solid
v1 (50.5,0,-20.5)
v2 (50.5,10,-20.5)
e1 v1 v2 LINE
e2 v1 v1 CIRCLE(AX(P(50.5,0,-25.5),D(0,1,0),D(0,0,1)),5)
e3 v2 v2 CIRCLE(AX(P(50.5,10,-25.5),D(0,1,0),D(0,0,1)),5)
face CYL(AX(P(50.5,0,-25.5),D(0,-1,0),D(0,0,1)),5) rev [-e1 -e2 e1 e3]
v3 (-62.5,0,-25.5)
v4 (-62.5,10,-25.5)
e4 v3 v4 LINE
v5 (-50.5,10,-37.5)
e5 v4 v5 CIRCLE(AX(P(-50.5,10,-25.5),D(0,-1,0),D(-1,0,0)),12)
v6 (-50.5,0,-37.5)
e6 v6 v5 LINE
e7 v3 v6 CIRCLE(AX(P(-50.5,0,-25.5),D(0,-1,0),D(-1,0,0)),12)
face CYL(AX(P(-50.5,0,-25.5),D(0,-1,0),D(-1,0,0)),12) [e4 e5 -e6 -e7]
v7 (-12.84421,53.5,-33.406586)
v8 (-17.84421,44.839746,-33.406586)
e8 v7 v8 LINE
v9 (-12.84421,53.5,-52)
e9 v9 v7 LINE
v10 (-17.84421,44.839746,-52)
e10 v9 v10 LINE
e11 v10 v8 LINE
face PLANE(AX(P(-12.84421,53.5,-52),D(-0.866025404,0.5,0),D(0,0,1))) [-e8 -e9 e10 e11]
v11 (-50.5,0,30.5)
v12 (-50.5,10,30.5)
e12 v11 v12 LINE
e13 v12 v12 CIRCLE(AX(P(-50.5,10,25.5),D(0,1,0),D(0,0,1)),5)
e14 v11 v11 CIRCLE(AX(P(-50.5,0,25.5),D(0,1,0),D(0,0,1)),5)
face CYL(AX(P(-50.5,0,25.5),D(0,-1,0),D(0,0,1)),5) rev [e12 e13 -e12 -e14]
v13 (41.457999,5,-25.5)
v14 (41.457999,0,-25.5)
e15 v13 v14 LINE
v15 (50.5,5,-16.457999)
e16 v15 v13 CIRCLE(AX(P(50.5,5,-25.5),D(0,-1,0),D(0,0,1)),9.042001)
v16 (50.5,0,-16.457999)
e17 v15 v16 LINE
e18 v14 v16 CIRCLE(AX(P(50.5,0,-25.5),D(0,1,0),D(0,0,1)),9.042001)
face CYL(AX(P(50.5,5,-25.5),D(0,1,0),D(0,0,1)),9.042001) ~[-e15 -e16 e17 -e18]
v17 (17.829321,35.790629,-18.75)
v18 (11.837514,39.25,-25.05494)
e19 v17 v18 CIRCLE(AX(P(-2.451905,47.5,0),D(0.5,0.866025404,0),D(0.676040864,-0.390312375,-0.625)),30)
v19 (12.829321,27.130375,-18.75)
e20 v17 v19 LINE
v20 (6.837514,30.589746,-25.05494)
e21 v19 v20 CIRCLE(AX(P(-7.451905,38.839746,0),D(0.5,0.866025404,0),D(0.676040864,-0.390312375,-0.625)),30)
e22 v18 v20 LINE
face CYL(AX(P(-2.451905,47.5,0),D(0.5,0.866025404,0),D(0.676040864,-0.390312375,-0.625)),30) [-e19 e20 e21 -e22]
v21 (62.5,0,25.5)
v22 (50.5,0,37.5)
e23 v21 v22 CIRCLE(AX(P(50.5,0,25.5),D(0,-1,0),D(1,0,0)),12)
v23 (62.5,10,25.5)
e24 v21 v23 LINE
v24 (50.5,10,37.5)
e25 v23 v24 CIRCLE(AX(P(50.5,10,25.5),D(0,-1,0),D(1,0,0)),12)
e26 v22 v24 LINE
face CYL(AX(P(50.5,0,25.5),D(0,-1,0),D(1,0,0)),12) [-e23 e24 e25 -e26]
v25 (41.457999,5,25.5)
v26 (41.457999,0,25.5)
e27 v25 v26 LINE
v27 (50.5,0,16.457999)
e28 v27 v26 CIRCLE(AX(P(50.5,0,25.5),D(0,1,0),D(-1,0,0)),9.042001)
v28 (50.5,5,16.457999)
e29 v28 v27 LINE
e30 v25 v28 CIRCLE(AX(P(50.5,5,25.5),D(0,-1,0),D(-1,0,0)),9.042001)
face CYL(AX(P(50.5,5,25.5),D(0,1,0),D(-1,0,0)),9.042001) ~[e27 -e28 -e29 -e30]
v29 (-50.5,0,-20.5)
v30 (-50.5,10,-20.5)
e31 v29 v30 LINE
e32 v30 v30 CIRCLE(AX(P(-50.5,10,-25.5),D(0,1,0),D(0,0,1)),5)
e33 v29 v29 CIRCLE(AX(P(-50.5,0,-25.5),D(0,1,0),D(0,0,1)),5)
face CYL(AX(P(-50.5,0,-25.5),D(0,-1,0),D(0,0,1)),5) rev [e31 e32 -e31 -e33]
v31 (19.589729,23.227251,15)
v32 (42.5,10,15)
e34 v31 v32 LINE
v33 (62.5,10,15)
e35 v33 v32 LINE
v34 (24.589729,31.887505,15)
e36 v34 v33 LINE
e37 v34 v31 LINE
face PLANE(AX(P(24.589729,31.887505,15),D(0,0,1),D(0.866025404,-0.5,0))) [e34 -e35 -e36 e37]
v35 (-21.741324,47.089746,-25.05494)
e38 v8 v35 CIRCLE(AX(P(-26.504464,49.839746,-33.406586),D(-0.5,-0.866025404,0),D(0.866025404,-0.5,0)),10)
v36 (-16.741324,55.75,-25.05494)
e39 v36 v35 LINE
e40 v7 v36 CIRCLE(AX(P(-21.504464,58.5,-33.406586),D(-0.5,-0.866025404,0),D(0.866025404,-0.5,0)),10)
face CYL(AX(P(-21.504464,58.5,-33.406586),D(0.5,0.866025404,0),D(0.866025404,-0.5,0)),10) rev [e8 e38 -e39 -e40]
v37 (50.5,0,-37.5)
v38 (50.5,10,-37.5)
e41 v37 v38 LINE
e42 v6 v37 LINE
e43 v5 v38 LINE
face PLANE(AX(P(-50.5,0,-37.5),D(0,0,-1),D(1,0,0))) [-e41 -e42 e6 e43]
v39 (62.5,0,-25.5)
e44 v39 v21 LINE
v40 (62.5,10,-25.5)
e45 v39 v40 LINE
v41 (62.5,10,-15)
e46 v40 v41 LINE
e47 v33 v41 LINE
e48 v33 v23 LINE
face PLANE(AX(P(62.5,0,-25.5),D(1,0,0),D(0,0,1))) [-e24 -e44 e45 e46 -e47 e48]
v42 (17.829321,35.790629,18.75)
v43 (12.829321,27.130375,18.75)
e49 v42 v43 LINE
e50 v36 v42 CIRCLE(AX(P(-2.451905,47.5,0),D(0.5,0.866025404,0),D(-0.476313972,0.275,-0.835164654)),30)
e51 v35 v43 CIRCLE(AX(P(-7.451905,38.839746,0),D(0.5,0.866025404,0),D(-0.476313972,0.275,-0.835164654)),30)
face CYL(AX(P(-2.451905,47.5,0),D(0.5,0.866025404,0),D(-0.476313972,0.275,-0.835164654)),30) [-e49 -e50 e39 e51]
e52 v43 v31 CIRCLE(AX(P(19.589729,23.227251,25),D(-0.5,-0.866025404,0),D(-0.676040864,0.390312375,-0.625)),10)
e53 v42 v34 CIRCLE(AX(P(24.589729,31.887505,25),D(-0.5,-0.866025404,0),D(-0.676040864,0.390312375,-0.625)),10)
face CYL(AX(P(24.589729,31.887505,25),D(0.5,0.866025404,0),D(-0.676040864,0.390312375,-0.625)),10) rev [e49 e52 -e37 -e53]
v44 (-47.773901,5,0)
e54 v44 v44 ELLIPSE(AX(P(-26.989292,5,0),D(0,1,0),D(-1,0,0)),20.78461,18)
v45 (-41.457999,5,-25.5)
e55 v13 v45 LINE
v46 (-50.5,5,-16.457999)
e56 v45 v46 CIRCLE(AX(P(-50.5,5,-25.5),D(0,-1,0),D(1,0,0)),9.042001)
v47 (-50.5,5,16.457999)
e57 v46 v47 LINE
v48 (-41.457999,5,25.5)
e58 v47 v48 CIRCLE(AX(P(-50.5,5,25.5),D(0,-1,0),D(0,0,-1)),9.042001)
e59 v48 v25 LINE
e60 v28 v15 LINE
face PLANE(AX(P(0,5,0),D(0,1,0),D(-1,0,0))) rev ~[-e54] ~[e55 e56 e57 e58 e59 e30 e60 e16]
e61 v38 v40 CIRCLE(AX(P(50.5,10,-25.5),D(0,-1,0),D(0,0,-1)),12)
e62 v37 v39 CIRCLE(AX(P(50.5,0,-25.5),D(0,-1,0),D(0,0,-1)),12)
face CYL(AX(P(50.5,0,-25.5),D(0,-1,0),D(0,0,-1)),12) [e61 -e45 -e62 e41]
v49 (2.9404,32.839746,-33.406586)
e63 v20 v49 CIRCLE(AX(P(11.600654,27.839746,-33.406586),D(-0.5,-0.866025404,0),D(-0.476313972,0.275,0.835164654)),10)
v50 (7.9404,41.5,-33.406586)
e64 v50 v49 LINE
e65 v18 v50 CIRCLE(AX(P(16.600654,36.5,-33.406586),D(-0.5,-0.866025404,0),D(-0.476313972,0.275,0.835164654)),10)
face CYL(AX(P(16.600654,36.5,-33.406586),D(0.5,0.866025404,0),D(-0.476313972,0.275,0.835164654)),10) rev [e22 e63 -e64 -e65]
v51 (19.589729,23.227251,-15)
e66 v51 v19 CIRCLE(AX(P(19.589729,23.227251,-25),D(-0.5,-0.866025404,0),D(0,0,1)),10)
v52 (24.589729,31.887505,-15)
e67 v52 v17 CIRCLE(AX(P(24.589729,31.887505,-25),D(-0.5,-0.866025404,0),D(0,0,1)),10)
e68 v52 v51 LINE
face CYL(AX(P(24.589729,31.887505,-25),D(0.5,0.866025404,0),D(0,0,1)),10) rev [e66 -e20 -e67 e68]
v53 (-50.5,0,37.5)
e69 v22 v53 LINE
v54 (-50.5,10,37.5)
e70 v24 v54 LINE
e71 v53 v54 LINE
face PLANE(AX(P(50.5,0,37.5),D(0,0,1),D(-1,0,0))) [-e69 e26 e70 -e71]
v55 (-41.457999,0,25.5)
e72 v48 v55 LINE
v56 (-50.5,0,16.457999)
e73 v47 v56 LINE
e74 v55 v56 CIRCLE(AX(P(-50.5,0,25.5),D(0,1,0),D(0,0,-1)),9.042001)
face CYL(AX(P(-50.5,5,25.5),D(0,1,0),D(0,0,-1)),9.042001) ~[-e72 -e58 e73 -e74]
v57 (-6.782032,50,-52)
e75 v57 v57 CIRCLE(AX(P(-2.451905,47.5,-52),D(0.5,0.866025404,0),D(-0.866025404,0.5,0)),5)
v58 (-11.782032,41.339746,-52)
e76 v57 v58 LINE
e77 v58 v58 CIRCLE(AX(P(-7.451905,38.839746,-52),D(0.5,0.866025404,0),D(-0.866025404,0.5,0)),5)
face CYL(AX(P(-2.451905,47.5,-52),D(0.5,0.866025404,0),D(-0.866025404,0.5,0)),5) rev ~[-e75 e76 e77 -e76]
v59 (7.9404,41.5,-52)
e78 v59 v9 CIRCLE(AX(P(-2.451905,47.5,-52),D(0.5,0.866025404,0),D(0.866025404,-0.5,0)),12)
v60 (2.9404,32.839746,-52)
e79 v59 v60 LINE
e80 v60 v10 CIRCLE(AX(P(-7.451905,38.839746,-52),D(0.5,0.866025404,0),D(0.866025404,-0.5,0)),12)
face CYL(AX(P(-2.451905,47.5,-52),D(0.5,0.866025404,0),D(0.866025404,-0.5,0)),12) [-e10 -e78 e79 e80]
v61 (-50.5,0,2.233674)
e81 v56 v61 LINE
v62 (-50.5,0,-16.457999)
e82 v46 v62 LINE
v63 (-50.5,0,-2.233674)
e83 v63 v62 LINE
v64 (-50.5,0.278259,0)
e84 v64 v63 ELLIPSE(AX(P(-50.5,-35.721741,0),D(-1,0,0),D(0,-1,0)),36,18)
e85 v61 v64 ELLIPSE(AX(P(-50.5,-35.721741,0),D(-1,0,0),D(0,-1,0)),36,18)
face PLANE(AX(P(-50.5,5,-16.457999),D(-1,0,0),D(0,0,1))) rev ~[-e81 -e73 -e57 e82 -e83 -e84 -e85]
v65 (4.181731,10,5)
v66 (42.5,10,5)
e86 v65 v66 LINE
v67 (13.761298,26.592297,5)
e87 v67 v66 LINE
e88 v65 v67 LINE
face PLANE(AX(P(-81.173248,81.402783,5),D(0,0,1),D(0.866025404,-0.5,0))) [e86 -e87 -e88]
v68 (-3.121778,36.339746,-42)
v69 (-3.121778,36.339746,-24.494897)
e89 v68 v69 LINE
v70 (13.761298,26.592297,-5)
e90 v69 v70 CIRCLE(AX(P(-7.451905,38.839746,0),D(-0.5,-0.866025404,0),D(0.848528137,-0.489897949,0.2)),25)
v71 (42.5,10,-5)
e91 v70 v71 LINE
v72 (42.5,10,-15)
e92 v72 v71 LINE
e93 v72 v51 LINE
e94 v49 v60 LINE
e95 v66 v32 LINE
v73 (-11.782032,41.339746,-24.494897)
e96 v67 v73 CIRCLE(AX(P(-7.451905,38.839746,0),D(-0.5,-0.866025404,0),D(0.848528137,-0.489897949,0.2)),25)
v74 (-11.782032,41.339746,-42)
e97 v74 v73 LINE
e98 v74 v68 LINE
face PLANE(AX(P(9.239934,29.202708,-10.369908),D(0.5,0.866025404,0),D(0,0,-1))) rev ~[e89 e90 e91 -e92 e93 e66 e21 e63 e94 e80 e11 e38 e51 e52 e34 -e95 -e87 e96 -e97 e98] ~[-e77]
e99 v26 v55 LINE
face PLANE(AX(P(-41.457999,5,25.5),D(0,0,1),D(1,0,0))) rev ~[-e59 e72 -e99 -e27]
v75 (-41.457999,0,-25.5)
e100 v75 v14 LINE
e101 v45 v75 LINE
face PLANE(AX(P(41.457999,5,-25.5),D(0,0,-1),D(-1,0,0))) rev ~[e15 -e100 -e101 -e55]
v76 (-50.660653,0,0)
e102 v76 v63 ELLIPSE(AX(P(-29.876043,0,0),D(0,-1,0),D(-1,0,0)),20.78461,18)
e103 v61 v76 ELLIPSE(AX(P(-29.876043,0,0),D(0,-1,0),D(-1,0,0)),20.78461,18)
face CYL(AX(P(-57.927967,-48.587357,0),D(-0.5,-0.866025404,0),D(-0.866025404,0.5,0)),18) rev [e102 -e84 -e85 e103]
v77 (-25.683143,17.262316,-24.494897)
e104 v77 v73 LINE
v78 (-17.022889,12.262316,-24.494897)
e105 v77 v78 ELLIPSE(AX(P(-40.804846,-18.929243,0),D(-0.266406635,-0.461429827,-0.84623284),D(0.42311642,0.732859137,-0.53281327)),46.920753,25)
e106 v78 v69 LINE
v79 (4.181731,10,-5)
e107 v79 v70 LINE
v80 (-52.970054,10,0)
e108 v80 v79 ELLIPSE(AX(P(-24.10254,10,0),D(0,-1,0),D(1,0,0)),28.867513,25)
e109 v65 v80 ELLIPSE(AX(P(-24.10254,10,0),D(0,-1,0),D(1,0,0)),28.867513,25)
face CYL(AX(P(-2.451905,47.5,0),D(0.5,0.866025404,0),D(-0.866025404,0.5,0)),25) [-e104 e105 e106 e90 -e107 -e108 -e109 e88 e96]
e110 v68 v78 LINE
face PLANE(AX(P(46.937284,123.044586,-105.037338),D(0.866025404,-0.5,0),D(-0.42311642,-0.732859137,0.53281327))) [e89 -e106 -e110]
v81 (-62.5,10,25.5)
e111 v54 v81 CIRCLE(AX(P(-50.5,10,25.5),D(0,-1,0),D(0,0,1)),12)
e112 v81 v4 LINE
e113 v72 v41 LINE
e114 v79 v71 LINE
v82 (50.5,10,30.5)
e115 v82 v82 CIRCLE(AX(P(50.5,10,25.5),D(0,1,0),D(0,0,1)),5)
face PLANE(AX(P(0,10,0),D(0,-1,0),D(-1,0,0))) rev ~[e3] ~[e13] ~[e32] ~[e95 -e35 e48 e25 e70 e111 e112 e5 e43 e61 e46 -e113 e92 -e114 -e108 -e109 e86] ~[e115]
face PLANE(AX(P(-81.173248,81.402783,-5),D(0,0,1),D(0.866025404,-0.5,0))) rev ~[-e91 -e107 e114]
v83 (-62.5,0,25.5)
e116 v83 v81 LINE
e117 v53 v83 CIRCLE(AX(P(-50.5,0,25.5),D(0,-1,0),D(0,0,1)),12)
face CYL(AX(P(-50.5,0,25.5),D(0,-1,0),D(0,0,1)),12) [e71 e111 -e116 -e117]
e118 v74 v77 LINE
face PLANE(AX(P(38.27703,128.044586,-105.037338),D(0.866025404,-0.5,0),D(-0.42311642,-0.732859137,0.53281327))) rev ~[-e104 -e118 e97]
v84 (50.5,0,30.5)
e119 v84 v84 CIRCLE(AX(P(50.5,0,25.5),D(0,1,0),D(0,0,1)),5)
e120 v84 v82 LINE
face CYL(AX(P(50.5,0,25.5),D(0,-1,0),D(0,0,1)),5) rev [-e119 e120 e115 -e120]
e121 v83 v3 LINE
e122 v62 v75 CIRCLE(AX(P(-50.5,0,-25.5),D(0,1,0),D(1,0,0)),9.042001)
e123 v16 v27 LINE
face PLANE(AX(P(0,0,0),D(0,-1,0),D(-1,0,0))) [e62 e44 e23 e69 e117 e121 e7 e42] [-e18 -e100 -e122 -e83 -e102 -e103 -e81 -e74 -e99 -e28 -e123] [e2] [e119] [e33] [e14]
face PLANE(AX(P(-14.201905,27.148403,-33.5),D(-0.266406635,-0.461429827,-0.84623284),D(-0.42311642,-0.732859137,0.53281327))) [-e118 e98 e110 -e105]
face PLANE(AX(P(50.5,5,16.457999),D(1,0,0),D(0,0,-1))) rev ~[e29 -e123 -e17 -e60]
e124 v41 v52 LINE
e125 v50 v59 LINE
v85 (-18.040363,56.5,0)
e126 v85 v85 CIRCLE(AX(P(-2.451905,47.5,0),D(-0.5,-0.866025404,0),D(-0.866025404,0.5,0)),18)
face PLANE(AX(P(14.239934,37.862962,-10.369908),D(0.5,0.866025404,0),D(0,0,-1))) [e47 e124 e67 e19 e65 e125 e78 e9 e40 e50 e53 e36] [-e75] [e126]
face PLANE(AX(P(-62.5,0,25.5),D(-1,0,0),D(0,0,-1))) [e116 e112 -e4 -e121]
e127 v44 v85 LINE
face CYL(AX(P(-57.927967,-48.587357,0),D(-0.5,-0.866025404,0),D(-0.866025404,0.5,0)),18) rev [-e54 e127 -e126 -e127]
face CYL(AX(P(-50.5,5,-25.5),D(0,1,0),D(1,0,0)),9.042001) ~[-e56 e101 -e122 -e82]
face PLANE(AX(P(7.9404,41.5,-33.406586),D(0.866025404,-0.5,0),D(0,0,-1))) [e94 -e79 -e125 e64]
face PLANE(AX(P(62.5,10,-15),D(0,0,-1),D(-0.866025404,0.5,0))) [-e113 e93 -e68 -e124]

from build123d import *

# Parameters (mm, degrees)
SKETCH_1_R               = 5
EXTRUDE_1_DEPTH          = 10
SKETCH_3_R               = 25
SKETCH_3_R_2             = 5
EXTRUDE_4_DEPTH          = 10
EXTRUDE_5_REACH          = 111.952
SKETCH_11_R              = 25
CUT_EXTRUDE_5_DEPTH      = 110.952122557
CUT_EXTRUDE_5_DEPTH_BACK = 110.952122557
SKETCH_13_R              = 18
RIB_2_REACH              = 111.126
SKETCH_14_WALL_W         = 252.93163968
SKETCH_14_WALL_H         = 10
CUT_EXTRUDE_6_DEPTH      = 110.126073878
CUT_EXTRUDE_6_DEPTH_BACK = 5
RIB_3_REACH              = 119.31
SKETCH_18_WALL_W         = 268.526863554
SKETCH_18_WALL_H         = 10


with BuildPart() as part:
    # 草图1 → 凸台-拉伸1 (new body)
    with BuildSketch(Plane(origin=(0, 0, 0), x_dir=(1, 0, 0), z_dir=(0, 1, 0))):
        with BuildLine():
            Line((-50.5, 37.5), (50.5, 37.5))
            ThreePointArc((50.5, 37.5), (58.985281374, 33.985281374), (62.5, 25.5))
            Line((62.5, 25.5), (62.5, -25.5))
            ThreePointArc((62.5, -25.5), (58.985281374, -33.985281374), (50.5, -37.5))
            Line((50.5, -37.5), (-50.5, -37.5))
            ThreePointArc((-50.5, -37.5), (-58.985281374, -33.985281374), (-62.5, -25.5))
            Line((-62.5, -25.5), (-62.5, 25.5))
            ThreePointArc((-62.5, 25.5), (-58.985281374, 33.985281374), (-50.5, 37.5))
        make_face()
        with Locations(Location((50.5, -25.5, 0), (0, 0, 270))):
            Circle(SKETCH_1_R, mode=Mode.SUBTRACT)
        with Locations(Location((50.5, 25.5, 0), (0, 0, 270))):
            Circle(SKETCH_1_R, mode=Mode.SUBTRACT)
        with Locations(Location((-50.5, 25.5, 0), (0, 0, 270))):
            Circle(SKETCH_1_R, mode=Mode.SUBTRACT)
        with Locations(Location((-50.5, -25.5, 0), (0, 0, 270))):
            Circle(SKETCH_1_R, mode=Mode.SUBTRACT)
    extrude(amount=EXTRUDE_1_DEPTH)

    # 草图3 → 凸台-拉伸4 (add)
    with BuildSketch(Plane(origin=(19.955127019, 34.563293868, 0), x_dir=(0, 0, -1), z_dir=(0.500000000000001, 0.866025403784438, 0))):
        with BuildLine():
            Line((-15, -49.126587737), (15, -49.126587737))
            Line((15, -49.126587737), (15, -5.351577729))
            ThreePointArc((15, -5.351577729), (15.986121811, -1.02145071), (18.75, 2.454669769))
            ThreePointArc((18.75, 2.454669769), (22.173981002, 5.666617205), (25.054939633, 9.373412263))
            ThreePointArc((25.054939633, 9.373412263), (28.663169687, 12.676820694), (33.406586177, 13.873412263))
            Line((33.406586177, 13.873412263), (52, 13.873412263))
            ThreePointArc((52, 13.873412263), (64, 25.873412263), (52, 37.873412263))
            Line((52, 37.873412263), (33.406586177, 37.873412263))
            ThreePointArc((33.406586177, 37.873412263), (28.663169687, 39.070003833), (25.054939633, 42.373412263))
            ThreePointArc((25.054939633, 42.373412263), (-20.206795058, 48.047393266), (-18.75, 2.454669769))
            ThreePointArc((-18.75, 2.454669769), (-15.986121811, -1.02145071), (-15, -5.351577729))
            Line((-15, -5.351577729), (-15, -49.126587737))
        make_face()
        with Locations(Location((0, 25.873412263, 0), (0, 0, 90))):
            Circle(SKETCH_3_R, mode=Mode.SUBTRACT)
        with Locations(Location((52, 25.873412263, 0), (0, 0, 90))):
            Circle(SKETCH_3_R_2, mode=Mode.SUBTRACT)
    extrude(amount=-EXTRUDE_4_DEPTH)

    # 凸台-拉伸5: up to this plane
    extrude_5_end = Plane(origin=(50.5, 10, -25.5), z_dir=(0, -1, 0))
    # 草图11 → 凸台-拉伸5 (add, up to the surface)
    with BuildSketch(Plane(origin=(19.955127019, 34.563293868, 0), x_dir=(0.8660254037844382, -0.500000000000001, 0), z_dir=(0.500000000000001, 0.8660254037844382, 0)), mode=Mode.PRIVATE) as extrude_5_sk1:
        with Locations(Location((-25.873412263, 0, 0), (0, 0, 180))):
            Circle(SKETCH_11_R)
    extrude_5_tool1 = split(extrude(extrude_5_sk1.sketch, amount=-EXTRUDE_5_REACH, mode=Mode.PRIVATE), bisect_by=extrude_5_end, keep=Keep.BOTH, mode=Mode.PRIVATE)
    add(extrude_5_tool1.solids().sort_by_distance((-2.451905, 47.5, 0))[0])

    # 草图13 → 切除-拉伸5 (cut, two sides: drawn at the far end of the back side and taken through both)
    with BuildSketch(Plane(origin=(19.955127019, 34.563293868, 0), x_dir=(0, 0, -1), z_dir=(0.500000000000001, 0.866025403784438, 0)).offset(-CUT_EXTRUDE_5_DEPTH_BACK)):
        with Locations(Location((0, 25.873412263, 0), (0, 0, 90))):
            Circle(SKETCH_13_R)
    extrude(amount=CUT_EXTRUDE_5_DEPTH + CUT_EXTRUDE_5_DEPTH_BACK, mode=Mode.SUBTRACT)

    # 草图14 wall → 筋2 (add, up to next)
    with BuildSketch(Plane(origin=(28.349364905, 18.169872981, 0), x_dir=(0.866025403785, -0.499999999999, 0), z_dir=(0.499999999999, 0.866025403785, 0)), mode=Mode.PRIVATE) as rib_2_sk1:
        Rectangle(SKETCH_14_WALL_W, SKETCH_14_WALL_H)
    rib_2_tool1 = extrude(rib_2_sk1.sketch, amount=-RIB_2_REACH, mode=Mode.PRIVATE) - part.part
    add(rib_2_tool1.solids().sort_by_distance((28.349364905, 18.169872981, 0))[0])

    # 草图15 → 切除-拉伸6 (cut, two sides: drawn at the far end of the back side and taken through both)
    with BuildSketch(Plane.XZ.offset(-CUT_EXTRUDE_6_DEPTH_BACK)):
        with BuildLine():
            Line((-41.457999039, 25.5), (41.457999039, 25.5))
            ThreePointArc((41.457999039, 25.5), (44.106339805, 19.106339805), (50.5, 16.457999039))
            Line((50.5, 16.457999039), (50.5, -16.457999039))
            ThreePointArc((50.5, -16.457999039), (44.106339805, -19.106339805), (41.457999039, -25.5))
            Line((41.457999039, -25.5), (-41.457999039, -25.5))
            ThreePointArc((-41.457999039, -25.5), (-44.106339805, -19.106339805), (-50.5, -16.457999039))
            Line((-50.5, -16.457999039), (-50.5, 16.457999039))
            ThreePointArc((-50.5, 16.457999039), (-44.106339805, 19.106339805), (-41.457999039, 25.5))
        make_face()
    extrude(amount=CUT_EXTRUDE_6_DEPTH + CUT_EXTRUDE_6_DEPTH_BACK, mode=Mode.SUBTRACT)

    # 草图18 wall → 筋3 (add, up to next)
    with BuildSketch(Plane(origin=(-14.201905284, 27.148403011, -33.5), x_dir=(-0.423116420047, -0.732859137032, 0.532813269688), z_dir=(-0.266406634844, -0.461429827024, -0.846232840088)), mode=Mode.PRIVATE) as rib_3_sk1:
        Rectangle(SKETCH_18_WALL_W, SKETCH_18_WALL_H)
    rib_3_tool1 = extrude(rib_3_sk1.sketch, amount=-RIB_3_REACH, mode=Mode.PRIVATE) - part.part
    add(rib_3_tool1.solids().sort_by_distance((-14.201905284, 27.148403011, -33.5))[0])


solid = part.part
